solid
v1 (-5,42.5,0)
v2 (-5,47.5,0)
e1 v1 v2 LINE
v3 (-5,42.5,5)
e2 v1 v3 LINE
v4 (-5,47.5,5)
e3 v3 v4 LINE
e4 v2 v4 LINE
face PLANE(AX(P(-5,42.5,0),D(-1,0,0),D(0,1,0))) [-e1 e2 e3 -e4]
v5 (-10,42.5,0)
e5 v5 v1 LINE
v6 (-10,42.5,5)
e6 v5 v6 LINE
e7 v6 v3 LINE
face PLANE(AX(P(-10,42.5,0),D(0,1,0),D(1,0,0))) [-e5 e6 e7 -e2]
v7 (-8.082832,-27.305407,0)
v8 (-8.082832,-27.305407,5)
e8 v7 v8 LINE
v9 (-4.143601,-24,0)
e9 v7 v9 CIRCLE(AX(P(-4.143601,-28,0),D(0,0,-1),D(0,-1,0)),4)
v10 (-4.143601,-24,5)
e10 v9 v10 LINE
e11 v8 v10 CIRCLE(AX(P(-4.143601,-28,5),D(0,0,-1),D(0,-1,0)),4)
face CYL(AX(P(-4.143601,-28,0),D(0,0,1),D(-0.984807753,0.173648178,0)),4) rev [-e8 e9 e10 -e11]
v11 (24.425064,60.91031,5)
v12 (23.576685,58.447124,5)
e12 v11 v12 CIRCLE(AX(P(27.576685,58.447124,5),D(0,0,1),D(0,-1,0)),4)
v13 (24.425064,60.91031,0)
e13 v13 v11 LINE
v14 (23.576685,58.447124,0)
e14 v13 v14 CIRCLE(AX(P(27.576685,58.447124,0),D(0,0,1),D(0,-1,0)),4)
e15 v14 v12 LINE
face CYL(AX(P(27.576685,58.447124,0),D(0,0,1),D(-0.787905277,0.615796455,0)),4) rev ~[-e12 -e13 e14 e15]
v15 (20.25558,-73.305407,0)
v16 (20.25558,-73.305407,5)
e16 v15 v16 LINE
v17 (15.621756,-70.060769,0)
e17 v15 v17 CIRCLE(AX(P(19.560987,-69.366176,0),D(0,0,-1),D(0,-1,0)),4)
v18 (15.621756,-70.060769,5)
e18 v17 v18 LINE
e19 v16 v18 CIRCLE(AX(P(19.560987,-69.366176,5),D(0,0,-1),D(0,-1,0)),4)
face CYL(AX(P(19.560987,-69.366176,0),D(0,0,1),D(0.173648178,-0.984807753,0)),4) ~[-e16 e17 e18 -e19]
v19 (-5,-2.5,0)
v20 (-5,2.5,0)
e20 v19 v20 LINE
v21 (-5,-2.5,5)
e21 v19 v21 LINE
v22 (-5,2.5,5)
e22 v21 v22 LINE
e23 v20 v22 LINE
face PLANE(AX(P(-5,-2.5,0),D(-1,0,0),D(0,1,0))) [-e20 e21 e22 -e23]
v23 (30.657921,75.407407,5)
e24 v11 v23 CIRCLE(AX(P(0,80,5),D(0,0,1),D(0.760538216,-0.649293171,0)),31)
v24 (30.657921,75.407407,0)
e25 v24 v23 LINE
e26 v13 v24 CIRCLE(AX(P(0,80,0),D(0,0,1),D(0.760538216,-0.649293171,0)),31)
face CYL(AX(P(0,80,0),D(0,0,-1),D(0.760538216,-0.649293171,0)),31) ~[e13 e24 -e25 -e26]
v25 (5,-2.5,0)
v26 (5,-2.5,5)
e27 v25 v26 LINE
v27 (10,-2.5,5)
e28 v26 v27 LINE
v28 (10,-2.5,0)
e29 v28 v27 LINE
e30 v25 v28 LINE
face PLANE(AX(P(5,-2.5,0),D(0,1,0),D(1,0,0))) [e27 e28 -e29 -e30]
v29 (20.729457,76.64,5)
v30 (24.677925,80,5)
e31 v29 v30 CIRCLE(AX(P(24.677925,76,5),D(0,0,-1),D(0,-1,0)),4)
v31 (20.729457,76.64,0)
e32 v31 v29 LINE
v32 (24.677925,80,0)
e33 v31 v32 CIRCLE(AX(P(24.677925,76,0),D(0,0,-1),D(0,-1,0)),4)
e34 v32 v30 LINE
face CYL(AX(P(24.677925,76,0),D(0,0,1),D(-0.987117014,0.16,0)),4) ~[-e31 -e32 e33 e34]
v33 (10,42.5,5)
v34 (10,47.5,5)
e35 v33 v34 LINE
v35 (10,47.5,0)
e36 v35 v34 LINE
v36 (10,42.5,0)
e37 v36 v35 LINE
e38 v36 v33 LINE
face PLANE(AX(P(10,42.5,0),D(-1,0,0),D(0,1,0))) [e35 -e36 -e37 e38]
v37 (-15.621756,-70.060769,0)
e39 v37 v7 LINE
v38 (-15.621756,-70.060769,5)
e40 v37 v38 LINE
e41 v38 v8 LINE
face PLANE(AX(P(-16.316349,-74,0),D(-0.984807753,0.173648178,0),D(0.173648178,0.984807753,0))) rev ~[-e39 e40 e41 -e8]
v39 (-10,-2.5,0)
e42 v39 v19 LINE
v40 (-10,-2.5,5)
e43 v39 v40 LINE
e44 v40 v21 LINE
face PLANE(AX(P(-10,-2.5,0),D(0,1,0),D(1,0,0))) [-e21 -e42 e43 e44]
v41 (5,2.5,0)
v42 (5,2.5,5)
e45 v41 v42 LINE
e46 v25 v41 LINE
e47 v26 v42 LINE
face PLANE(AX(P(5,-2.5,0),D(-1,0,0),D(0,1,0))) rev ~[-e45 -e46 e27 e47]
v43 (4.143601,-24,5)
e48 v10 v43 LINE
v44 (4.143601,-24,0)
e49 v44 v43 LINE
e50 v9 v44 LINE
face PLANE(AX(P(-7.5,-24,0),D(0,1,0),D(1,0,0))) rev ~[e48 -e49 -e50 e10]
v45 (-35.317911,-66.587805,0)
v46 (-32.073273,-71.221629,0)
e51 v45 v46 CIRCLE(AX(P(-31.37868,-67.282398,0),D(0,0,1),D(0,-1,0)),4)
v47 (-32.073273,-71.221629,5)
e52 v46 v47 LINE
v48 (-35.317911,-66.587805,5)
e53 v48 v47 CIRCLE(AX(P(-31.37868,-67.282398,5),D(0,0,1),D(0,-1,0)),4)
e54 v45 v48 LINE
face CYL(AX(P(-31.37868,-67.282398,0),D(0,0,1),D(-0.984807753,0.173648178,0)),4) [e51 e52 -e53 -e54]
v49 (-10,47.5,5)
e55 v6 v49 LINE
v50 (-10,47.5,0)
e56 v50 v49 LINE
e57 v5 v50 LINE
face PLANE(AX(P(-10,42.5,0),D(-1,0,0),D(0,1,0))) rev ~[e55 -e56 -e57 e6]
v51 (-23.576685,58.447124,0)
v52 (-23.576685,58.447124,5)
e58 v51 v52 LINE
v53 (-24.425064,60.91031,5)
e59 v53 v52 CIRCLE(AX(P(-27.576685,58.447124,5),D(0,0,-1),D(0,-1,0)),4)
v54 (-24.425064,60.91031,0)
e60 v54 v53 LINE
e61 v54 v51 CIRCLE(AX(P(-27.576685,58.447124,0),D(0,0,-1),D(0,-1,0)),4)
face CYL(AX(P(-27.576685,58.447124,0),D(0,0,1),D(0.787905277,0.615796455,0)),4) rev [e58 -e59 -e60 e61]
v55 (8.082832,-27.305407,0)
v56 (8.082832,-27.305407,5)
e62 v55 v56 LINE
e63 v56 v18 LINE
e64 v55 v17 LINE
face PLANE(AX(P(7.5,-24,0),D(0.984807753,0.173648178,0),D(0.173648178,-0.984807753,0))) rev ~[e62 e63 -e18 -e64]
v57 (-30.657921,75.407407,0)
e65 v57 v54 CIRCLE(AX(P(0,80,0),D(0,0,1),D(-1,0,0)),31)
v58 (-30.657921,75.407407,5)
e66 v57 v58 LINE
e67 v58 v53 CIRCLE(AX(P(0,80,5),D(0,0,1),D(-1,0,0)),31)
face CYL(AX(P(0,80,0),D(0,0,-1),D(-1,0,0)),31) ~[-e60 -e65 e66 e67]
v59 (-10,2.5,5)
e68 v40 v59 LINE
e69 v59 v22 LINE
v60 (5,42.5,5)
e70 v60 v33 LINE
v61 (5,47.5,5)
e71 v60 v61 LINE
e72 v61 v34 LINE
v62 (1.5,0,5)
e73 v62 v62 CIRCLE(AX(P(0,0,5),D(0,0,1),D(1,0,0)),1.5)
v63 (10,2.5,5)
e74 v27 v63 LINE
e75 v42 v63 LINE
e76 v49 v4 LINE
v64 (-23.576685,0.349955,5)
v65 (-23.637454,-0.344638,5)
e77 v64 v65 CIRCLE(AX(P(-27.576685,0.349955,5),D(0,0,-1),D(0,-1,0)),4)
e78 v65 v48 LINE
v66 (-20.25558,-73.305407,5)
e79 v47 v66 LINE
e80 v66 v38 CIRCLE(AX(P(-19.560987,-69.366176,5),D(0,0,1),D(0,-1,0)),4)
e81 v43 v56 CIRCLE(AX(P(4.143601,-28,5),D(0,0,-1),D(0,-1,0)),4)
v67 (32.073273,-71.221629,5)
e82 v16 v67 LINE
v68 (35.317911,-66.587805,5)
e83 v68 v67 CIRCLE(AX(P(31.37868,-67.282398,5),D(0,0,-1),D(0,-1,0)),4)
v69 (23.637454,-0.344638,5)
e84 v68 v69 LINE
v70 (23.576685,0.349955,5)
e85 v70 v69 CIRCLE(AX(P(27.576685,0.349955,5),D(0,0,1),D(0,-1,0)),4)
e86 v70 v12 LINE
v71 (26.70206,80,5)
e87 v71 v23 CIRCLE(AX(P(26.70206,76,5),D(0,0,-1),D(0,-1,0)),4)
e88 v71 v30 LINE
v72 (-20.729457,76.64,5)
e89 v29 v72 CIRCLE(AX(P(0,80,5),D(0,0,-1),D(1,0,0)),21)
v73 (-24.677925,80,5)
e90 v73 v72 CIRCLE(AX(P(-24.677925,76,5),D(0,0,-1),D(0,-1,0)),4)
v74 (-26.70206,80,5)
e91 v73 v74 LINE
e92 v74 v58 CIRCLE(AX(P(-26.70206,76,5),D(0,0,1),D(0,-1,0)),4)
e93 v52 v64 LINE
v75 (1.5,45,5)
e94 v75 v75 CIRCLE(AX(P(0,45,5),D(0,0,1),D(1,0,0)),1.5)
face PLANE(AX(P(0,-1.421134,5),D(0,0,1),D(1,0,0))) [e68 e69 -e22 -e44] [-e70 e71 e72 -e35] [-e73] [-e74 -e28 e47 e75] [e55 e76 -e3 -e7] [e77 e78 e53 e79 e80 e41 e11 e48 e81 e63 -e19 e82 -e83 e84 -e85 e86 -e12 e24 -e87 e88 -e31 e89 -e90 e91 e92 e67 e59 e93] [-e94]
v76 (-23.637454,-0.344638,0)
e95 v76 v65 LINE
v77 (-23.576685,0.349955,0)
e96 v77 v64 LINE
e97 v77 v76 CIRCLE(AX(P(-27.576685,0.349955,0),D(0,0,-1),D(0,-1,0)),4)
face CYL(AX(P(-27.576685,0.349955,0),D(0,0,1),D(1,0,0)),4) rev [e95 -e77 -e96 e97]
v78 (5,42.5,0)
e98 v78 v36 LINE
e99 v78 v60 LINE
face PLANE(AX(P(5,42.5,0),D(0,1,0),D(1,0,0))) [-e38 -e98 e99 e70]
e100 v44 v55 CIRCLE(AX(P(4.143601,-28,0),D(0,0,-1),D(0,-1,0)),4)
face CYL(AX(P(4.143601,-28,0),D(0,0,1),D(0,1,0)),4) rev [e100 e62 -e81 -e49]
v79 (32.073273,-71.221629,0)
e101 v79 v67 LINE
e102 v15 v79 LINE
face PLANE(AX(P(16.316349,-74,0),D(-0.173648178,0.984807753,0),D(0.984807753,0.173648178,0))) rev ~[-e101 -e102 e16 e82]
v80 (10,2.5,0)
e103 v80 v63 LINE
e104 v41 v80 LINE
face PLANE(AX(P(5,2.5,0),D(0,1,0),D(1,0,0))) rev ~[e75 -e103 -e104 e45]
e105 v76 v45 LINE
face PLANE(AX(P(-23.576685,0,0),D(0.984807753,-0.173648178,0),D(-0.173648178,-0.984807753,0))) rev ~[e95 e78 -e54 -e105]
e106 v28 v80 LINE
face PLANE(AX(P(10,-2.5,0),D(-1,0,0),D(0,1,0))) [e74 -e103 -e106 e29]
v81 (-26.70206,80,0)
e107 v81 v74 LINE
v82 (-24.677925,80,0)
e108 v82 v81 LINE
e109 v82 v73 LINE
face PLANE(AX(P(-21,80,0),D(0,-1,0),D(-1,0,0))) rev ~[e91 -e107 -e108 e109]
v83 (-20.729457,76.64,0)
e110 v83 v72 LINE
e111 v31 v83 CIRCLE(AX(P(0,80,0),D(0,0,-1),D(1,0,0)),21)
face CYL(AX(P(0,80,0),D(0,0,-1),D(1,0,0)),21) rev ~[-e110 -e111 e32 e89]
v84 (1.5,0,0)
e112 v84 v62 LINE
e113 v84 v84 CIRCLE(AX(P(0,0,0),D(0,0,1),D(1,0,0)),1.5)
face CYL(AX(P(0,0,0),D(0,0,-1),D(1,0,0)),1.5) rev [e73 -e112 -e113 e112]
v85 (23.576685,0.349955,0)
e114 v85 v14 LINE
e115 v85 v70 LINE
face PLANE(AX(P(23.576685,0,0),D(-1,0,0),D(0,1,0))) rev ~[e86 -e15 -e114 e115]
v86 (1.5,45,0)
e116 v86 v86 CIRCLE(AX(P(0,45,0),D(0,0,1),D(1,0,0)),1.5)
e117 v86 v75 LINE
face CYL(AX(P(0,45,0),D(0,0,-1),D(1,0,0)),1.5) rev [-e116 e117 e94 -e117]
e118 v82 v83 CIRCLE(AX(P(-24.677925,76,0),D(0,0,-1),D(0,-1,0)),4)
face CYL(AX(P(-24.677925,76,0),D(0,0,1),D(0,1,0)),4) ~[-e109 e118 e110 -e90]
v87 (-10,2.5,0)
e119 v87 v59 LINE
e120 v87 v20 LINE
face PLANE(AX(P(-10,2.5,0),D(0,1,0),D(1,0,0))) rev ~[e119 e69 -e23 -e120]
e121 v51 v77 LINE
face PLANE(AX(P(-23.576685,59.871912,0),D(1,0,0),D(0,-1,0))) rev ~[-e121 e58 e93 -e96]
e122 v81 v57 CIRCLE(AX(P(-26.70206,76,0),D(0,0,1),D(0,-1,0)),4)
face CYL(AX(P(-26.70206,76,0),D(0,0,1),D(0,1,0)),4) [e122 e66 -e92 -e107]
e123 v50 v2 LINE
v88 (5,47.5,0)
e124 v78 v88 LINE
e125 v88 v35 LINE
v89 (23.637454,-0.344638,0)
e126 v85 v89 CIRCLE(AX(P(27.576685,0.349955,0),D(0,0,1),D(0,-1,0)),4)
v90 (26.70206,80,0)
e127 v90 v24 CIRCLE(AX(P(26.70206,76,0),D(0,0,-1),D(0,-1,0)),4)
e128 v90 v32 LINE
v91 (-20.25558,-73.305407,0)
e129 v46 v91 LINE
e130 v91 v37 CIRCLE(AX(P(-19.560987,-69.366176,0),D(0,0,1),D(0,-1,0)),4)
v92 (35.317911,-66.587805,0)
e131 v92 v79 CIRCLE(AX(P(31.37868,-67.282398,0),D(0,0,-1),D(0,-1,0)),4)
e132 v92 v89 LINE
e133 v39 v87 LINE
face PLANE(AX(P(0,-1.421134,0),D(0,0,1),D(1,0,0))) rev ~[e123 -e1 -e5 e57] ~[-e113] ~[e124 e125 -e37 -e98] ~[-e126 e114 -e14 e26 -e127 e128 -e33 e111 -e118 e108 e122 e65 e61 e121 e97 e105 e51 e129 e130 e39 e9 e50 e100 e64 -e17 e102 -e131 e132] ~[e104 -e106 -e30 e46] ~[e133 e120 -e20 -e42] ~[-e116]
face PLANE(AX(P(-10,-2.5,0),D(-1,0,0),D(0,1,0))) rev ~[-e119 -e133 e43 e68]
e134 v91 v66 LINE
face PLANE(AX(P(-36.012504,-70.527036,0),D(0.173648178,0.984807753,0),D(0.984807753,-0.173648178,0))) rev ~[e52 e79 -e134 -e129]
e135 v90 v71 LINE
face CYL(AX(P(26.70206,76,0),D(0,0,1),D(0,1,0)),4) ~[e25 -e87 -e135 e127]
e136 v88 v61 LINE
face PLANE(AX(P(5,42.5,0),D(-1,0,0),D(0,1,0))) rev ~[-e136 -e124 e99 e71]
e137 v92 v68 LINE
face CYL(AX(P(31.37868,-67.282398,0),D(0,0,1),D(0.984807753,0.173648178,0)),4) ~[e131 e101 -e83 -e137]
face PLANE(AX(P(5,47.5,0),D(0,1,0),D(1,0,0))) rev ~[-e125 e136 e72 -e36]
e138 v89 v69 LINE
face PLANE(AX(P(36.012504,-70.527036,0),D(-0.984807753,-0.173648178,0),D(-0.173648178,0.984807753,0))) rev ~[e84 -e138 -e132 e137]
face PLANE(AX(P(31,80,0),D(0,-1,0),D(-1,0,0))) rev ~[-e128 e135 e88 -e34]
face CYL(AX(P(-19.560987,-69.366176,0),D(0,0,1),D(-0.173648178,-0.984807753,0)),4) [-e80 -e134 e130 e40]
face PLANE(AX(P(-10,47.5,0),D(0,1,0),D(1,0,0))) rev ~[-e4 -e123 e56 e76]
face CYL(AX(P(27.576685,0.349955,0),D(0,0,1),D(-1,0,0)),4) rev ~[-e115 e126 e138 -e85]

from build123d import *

# Parameters (mm, degrees)
SKETCH1_R           = 1.5
SKETCH1_W           = 5
SKETCH1_H           = 5
BOSS_EXTRUDE1_DEPTH = 5
FILLET1_R           = 4


with BuildPart() as part:
    # Sketch1 → Boss-Extrude1 (new body)
    with BuildSketch(Plane.XY):
        with BuildLine():
            Line((-21, 80), (-31, 80))
            ThreePointArc((-31, 80), (-29.085023859, 69.273332897), (-23.576684701, 59.871911702))
            Line((-23.576684701, 59.871911702), (-23.576684701, 0))
            Line((-23.576684701, 0), (-36.012504096, -70.527036447))
            Line((-36.012504096, -70.527036447), (-16.316349035, -74))
            Line((-16.316349035, -74), (-7.5, -24))
            Line((-7.5, -24), (7.5, -24))
            Line((7.5, -24), (16.316349035, -74))
            Line((16.316349035, -74), (36.012504096, -70.527036447))
            Line((36.012504096, -70.527036447), (23.576684701, 0))
            Line((23.576684701, 0), (23.576684701, 59.871911702))
            ThreePointArc((23.576684701, 59.871911702), (29.085023859, 69.273332897), (31, 80))
            Line((31, 80), (21, 80))
            ThreePointArc((21, 80), (0, 59), (-21, 80))
        make_face()
        Circle(SKETCH1_R, mode=Mode.SUBTRACT)
        with Locations((0, 45)):
            Circle(SKETCH1_R, mode=Mode.SUBTRACT)
        with Locations((-7.5, 0)):
            Rectangle(SKETCH1_W, SKETCH1_H, mode=Mode.SUBTRACT)
        with Locations((7.5, 0)):
            Rectangle(SKETCH1_W, SKETCH1_H, mode=Mode.SUBTRACT)
        with Locations((-7.5, 45)):
            Rectangle(SKETCH1_W, SKETCH1_H, mode=Mode.SUBTRACT)
        with Locations((7.5, 45)):
            Rectangle(SKETCH1_W, SKETCH1_H, mode=Mode.SUBTRACT)
    extrude(amount=BOSS_EXTRUDE1_DEPTH)

    # Fillet1
    fillet1_edges = [part.edges().sort_by_distance(p)[0] for p in [
        (21, 80, 2.5),
        (31, 80, 2.5),
        (23.576684701, 59.871911702, 2.5),
        (23.576684701, 0, 2.5),
        (36.012504096, -70.527036447, 2.5),
        (16.316349035, -74, 2.5),
        (7.5, -24, 2.5),
        (-7.5, -24, 2.5),
        (-16.316349035, -74, 2.5),
        (-36.012504096, -70.527036447, 2.5),
        (-23.576684701, 0, 2.5),
        (-23.576684701, 59.871911702, 2.5),
        (-31, 80, 2.5),
        (-21, 80, 2.5),
    ]]
    fillet(fillet1_edges, radius=FILLET1_R)


solid = part.part
